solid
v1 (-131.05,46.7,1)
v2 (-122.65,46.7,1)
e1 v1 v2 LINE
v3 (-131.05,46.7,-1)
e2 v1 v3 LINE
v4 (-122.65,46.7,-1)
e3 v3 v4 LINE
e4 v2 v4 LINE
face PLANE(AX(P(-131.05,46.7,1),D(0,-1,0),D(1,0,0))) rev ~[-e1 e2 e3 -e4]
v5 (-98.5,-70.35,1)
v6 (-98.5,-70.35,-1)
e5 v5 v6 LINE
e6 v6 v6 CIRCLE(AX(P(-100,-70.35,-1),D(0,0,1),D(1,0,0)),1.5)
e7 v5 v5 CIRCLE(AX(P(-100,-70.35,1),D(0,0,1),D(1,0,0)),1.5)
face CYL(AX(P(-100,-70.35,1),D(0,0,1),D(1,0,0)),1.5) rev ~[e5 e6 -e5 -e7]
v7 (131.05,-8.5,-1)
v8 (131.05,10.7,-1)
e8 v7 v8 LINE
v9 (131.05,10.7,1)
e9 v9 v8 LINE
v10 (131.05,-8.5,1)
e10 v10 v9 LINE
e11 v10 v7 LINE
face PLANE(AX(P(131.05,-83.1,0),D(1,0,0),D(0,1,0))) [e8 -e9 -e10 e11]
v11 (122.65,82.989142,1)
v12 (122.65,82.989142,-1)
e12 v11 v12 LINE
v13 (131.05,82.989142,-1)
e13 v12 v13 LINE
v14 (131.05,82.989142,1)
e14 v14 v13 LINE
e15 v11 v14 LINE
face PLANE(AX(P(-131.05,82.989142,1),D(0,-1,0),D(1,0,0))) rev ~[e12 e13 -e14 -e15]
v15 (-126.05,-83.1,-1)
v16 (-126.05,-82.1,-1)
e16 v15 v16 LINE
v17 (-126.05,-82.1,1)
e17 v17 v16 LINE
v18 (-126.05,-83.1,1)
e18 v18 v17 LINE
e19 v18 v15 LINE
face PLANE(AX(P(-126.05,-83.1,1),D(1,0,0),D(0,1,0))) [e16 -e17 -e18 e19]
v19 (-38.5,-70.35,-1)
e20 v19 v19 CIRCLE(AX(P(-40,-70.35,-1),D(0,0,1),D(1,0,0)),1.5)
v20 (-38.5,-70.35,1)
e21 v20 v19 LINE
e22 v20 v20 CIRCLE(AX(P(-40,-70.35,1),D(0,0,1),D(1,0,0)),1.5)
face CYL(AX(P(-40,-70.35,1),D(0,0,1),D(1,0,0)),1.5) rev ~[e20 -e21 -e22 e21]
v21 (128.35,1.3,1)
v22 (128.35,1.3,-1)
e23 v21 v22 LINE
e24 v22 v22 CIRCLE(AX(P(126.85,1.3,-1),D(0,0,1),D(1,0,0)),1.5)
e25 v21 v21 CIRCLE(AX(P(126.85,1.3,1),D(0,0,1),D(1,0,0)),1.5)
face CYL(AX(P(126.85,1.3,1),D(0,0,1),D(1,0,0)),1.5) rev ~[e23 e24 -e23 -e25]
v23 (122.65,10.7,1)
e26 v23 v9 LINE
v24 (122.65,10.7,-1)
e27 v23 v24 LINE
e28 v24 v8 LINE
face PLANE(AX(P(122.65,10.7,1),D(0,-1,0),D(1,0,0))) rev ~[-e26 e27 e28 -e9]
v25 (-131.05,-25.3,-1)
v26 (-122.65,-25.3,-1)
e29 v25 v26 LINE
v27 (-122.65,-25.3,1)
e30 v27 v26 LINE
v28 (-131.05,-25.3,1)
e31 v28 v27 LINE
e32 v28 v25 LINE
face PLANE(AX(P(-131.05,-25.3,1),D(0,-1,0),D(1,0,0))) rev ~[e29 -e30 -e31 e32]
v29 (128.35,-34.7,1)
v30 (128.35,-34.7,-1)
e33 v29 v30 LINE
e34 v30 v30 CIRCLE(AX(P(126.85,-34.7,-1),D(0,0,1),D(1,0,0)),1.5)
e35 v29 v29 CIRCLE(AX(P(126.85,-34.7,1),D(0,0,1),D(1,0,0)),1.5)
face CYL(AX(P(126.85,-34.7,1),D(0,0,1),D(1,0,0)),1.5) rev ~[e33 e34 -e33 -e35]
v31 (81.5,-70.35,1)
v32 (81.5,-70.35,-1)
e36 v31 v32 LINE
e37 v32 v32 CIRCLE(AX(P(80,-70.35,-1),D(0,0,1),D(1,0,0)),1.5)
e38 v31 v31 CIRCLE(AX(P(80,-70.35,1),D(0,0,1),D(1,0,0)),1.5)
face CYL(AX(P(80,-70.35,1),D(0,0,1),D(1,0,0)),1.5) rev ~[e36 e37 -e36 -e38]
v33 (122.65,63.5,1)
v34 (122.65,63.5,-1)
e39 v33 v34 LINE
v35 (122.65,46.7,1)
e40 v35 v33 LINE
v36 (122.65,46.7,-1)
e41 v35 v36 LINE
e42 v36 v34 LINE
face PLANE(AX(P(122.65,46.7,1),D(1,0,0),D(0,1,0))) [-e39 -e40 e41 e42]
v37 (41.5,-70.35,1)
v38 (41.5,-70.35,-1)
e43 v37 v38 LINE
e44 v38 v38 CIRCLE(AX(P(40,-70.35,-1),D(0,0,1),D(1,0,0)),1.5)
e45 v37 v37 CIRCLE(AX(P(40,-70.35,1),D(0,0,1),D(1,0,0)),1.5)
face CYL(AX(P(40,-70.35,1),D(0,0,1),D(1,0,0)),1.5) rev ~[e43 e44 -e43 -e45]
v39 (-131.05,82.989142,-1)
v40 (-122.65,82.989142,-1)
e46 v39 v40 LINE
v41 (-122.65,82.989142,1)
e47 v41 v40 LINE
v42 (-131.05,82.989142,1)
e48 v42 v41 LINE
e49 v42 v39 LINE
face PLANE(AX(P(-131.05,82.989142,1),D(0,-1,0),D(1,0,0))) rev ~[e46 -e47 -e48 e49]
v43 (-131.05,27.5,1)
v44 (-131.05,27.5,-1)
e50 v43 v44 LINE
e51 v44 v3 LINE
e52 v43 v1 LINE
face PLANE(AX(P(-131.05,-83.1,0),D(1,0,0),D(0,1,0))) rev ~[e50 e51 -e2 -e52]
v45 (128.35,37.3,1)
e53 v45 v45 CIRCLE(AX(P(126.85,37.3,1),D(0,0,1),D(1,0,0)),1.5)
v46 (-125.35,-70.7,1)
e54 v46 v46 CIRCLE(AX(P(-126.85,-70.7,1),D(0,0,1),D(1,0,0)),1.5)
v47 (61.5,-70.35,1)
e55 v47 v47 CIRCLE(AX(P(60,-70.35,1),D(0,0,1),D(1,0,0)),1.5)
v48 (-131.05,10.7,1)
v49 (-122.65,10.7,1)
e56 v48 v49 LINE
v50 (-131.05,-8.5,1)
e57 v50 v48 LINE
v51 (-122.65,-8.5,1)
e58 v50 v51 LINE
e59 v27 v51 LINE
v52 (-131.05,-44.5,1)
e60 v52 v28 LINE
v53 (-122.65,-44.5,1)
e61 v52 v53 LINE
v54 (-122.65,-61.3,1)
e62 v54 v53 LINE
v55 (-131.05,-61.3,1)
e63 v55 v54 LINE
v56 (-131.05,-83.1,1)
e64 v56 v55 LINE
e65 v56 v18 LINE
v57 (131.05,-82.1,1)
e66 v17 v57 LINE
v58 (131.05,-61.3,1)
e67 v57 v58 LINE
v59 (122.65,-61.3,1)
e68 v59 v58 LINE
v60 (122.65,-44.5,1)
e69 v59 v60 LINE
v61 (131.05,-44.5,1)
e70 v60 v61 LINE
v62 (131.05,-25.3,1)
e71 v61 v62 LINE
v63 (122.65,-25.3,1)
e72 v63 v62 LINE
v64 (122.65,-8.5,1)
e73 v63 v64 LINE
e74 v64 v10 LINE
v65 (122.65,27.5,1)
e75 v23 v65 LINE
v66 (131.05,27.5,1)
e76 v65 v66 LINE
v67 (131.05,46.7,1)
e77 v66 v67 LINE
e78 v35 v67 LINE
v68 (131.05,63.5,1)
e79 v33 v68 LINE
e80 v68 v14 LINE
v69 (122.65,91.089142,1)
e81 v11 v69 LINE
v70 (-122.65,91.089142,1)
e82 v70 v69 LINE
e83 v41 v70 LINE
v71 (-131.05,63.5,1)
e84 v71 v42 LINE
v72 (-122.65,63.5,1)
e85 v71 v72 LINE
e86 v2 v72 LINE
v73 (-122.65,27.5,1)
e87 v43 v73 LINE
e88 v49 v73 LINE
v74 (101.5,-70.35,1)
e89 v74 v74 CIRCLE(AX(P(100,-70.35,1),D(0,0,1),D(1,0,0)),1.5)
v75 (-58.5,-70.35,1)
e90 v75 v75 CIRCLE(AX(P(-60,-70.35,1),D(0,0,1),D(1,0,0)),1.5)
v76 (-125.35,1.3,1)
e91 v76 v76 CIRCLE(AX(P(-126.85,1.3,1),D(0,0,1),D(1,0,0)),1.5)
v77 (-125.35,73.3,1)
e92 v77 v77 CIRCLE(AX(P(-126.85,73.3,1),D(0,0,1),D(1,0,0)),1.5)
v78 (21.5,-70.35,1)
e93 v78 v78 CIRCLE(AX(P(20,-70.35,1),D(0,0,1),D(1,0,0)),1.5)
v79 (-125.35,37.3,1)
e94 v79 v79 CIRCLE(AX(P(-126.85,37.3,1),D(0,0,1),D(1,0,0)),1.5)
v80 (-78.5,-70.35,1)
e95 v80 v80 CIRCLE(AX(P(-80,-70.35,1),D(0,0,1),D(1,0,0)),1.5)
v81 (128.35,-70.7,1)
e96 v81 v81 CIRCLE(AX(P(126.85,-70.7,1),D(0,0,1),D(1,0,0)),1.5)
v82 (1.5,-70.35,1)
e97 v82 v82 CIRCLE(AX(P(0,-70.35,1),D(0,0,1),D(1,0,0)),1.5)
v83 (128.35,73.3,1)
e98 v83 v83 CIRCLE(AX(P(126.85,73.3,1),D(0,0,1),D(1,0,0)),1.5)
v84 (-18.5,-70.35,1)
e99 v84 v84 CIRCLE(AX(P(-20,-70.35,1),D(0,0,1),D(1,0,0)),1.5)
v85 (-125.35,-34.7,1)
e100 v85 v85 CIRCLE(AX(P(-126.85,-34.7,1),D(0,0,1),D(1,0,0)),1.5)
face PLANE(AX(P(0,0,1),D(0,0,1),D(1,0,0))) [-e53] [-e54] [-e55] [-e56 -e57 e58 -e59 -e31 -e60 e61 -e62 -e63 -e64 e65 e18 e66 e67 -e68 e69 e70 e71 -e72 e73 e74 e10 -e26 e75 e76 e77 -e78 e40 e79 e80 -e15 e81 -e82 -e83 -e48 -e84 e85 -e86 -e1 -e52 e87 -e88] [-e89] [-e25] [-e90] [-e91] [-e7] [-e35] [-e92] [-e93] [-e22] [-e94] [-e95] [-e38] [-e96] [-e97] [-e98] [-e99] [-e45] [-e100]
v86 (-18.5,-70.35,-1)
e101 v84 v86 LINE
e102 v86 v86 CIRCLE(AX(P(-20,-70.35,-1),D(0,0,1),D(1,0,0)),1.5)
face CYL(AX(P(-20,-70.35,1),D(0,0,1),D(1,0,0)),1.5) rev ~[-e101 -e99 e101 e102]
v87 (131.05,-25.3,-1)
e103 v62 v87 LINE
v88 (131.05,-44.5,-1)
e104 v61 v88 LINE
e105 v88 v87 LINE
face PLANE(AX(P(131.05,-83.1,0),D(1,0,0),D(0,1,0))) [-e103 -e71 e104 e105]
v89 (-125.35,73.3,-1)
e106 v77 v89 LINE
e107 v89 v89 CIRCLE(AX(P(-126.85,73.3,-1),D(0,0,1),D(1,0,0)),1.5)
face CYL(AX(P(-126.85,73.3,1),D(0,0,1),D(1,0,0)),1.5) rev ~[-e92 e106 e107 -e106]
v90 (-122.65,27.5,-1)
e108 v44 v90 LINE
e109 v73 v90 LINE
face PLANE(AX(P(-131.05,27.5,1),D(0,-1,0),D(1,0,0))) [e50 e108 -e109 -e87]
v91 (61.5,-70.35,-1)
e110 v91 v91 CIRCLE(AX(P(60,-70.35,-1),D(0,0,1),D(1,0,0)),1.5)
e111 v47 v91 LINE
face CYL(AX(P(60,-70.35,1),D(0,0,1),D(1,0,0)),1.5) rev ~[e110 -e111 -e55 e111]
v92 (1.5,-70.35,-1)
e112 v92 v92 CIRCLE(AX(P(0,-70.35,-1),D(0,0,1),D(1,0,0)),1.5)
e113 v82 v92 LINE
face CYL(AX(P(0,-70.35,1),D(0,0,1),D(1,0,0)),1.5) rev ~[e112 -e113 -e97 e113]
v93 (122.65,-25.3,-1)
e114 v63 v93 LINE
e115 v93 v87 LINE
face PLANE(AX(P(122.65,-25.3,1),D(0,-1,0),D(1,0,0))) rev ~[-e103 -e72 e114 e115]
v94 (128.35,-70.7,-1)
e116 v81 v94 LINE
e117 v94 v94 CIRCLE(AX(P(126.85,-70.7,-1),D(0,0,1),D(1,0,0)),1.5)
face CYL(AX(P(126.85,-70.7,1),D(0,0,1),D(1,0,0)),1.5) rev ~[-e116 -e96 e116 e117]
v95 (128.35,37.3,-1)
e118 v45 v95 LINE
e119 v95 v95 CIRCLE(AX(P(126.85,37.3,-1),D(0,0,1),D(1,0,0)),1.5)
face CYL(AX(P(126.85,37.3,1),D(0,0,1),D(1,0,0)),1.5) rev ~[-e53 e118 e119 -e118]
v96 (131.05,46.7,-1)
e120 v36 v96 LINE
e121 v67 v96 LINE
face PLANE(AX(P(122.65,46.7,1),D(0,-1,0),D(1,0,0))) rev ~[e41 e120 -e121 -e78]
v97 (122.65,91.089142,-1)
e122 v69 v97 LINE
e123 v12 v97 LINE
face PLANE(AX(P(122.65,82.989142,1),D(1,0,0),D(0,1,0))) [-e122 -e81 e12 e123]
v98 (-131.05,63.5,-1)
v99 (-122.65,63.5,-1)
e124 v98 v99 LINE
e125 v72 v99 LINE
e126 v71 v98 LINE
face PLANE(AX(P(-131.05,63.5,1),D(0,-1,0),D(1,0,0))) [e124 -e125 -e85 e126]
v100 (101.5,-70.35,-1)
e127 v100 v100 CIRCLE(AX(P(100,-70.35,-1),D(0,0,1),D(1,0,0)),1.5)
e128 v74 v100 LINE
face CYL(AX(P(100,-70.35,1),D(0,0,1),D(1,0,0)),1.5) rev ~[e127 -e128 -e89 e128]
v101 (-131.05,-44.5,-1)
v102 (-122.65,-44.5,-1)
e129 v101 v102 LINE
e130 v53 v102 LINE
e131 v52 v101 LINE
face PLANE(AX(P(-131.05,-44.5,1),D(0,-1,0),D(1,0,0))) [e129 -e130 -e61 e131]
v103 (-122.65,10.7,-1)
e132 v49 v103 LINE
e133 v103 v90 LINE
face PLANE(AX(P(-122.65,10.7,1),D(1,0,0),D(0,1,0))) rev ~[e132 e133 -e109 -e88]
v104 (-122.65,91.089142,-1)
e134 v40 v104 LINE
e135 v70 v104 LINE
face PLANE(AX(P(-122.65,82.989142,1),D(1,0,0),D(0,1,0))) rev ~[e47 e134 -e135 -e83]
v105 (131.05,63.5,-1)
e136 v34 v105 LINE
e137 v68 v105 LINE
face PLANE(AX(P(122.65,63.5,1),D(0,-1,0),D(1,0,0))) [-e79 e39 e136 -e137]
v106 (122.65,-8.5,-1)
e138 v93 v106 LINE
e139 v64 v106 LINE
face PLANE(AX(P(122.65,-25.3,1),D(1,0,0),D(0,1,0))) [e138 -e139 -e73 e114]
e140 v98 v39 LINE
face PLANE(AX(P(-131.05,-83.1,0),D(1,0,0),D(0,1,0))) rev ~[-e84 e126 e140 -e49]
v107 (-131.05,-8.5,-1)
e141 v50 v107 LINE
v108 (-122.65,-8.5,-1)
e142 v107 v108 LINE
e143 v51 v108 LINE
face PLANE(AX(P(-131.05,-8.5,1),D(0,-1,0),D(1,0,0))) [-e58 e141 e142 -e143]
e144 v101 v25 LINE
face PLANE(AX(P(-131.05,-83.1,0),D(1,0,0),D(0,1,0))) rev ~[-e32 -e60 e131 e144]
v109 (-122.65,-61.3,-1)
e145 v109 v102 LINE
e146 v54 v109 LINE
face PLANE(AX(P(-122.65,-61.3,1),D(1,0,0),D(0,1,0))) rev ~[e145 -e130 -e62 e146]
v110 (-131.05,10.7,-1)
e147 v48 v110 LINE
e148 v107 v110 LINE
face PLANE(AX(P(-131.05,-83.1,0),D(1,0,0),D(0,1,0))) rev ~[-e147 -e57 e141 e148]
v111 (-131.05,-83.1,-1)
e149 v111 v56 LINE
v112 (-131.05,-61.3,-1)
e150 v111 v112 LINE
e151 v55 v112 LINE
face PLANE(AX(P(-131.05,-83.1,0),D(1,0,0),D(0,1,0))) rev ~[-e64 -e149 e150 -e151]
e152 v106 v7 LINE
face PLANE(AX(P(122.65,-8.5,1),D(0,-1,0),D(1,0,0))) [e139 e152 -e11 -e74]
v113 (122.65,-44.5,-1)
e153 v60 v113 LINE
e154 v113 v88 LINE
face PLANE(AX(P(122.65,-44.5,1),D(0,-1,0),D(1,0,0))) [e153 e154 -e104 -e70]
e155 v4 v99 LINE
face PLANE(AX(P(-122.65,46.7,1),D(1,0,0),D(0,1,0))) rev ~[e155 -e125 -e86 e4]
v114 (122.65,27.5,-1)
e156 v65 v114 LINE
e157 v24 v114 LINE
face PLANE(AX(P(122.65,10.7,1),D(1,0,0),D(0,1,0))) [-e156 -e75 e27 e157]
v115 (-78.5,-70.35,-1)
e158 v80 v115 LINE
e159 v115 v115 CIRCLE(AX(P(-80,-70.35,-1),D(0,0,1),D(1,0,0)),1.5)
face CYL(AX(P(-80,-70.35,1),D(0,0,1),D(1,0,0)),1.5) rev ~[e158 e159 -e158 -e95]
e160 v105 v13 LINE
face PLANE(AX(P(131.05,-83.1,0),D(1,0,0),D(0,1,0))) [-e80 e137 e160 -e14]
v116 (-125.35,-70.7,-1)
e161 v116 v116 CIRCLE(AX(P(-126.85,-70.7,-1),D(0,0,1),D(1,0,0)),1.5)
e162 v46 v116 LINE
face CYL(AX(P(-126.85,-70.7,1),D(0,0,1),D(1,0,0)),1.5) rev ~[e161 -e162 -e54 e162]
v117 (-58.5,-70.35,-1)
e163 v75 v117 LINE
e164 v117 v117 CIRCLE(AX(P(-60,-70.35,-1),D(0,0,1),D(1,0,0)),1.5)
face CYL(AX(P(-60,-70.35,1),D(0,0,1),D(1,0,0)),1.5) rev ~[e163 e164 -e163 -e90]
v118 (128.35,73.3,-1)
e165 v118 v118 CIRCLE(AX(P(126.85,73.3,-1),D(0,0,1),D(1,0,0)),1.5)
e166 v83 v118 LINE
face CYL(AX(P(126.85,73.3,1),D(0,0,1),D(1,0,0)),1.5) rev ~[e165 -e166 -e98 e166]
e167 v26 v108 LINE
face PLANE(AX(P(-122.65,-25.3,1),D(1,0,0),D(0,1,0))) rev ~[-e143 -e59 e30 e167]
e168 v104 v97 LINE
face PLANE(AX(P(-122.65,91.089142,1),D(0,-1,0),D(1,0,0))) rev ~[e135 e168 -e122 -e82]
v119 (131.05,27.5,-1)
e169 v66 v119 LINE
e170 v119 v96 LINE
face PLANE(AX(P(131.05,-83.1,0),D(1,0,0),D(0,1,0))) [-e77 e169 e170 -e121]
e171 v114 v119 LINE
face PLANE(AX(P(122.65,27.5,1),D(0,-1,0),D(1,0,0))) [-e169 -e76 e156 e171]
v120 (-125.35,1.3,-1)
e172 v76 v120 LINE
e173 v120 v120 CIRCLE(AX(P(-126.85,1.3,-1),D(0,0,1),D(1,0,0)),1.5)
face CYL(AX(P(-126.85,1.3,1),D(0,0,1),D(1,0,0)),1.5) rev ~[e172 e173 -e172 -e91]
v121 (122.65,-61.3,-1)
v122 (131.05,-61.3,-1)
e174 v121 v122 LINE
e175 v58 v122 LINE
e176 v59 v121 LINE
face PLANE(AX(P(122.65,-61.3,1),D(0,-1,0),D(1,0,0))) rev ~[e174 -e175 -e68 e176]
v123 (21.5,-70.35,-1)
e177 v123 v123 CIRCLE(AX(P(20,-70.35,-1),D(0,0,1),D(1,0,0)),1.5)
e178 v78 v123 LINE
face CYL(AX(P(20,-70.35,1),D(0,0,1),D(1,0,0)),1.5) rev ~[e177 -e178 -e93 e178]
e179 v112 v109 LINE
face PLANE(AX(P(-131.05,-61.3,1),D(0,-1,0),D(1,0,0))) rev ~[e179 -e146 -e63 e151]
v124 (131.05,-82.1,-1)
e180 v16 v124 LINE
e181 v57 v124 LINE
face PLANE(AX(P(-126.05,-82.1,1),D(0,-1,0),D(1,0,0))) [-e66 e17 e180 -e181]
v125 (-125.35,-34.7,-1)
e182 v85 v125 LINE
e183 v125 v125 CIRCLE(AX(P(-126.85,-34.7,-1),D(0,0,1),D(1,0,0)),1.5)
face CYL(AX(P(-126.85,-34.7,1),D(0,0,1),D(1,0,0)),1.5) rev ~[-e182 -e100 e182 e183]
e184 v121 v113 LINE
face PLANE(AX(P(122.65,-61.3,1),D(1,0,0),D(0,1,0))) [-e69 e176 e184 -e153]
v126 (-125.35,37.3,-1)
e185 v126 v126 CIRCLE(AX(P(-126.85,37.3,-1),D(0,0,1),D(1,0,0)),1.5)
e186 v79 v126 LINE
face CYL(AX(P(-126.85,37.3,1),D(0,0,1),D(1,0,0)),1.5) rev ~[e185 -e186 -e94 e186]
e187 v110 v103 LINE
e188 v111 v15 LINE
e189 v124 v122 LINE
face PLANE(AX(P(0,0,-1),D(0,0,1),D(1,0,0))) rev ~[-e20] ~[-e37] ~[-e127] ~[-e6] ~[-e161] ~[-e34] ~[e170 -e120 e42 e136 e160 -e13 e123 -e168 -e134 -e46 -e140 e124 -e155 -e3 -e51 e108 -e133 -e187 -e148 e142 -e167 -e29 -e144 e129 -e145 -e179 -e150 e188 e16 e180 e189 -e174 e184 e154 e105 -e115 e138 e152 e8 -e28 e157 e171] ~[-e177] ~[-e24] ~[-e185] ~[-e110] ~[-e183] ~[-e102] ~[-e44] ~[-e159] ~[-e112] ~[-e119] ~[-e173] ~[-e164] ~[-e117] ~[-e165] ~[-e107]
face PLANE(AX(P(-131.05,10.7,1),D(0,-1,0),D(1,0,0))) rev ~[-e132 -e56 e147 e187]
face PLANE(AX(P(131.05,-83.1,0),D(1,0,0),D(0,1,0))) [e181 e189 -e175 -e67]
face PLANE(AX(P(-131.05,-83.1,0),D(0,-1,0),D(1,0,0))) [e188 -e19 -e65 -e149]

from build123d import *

# Parameters (mm, degrees)
SKETCH_1_W          = 262.1
SKETCH_1_H          = 166.2
EXTRUDE_1_DEPTH     = 1
SKETCH_2_R          = 1.5
SKETCH_2_W          = 8.4
SKETCH_2_H          = 16.8
SKETCH_2_W_2        = 262.1
SKETCH_2_H_2        = 0.2
SKETCH_2_W_3        = 257.1
SKETCH_2_H_3        = 1
CUT_EXTRUDE1_DEPTH  = 10
SKETCH1_R           = 1.5
CUT_EXTRUDE2_DEPTH  = 10
SKETCH2_W           = 245.3
SKETCH2_H           = 8.1
BOSS_EXTRUDE1_DEPTH = 2


with BuildPart() as part:
    # 草图1 → 凸台-拉伸1 (new, symmetric)
    with BuildSketch(Plane.XY):
        Rectangle(SKETCH_1_W, SKETCH_1_H)
    extrude(amount=EXTRUDE_1_DEPTH, both=True)

    # 草图2 → Cut-Extrude1 (cut)
    with BuildSketch(Plane.XY.offset(1)):
        with Locations((-126.85, 73.3)):
            Circle(SKETCH_2_R)
        with Locations((-126.85, 37.3)):
            Circle(SKETCH_2_R)
        with Locations((-126.85, 1.3)):
            Circle(SKETCH_2_R)
        with Locations((-126.85, -34.7)):
            Circle(SKETCH_2_R)
        with Locations((-126.85, -70.7)):
            Circle(SKETCH_2_R)
        with Locations((126.85, -70.7)):
            Circle(SKETCH_2_R)
        with Locations((126.85, -34.7)):
            Circle(SKETCH_2_R)
        with Locations((126.85, 1.3)):
            Circle(SKETCH_2_R)
        with Locations((126.85, 37.3)):
            Circle(SKETCH_2_R)
        with Locations((126.85, 73.3)):
            Circle(SKETCH_2_R)
        with Locations((-126.85, 55.1)):
            Rectangle(SKETCH_2_W, SKETCH_2_H)
        with Locations((-126.85, 19.1)):
            Rectangle(SKETCH_2_W, SKETCH_2_H)
        with Locations((-126.85, -16.9)):
            Rectangle(SKETCH_2_W, SKETCH_2_H)
        with Locations((-126.85, -52.9)):
            Rectangle(SKETCH_2_W, SKETCH_2_H)
        with Locations((126.85, -52.9)):
            Rectangle(SKETCH_2_W, SKETCH_2_H)
        with Locations((126.85, -16.9)):
            Rectangle(SKETCH_2_W, SKETCH_2_H)
        with Locations((126.85, 19.1)):
            Rectangle(SKETCH_2_W, SKETCH_2_H)
        with Locations((126.85, 55.1)):
            Rectangle(SKETCH_2_W, SKETCH_2_H)
        with Locations((0, 83.089141708)):
            Rectangle(SKETCH_2_W_2, SKETCH_2_H_2)
        with Locations((2.5, -82.6)):
            Rectangle(SKETCH_2_W_3, SKETCH_2_H_3)
    extrude(amount=-CUT_EXTRUDE1_DEPTH, mode=Mode.SUBTRACT)

    # Sketch1 → Cut-Extrude2 (cut)
    with BuildSketch(Plane.XY.offset(1)):
        with Locations((100, -70.35)):
            Circle(SKETCH1_R)
        with Locations((80, -70.35)):
            Circle(SKETCH1_R)
        with Locations((60, -70.35)):
            Circle(SKETCH1_R)
        with Locations((40, -70.35)):
            Circle(SKETCH1_R)
        with Locations((20, -70.35)):
            Circle(SKETCH1_R)
        with Locations((0, -70.35)):
            Circle(SKETCH1_R)
        with Locations((-20, -70.35)):
            Circle(SKETCH1_R)
        with Locations((-40, -70.35)):
            Circle(SKETCH1_R)
        with Locations((-60, -70.35)):
            Circle(SKETCH1_R)
        with Locations((-80, -70.35)):
            Circle(SKETCH1_R)
        with Locations((-100, -70.35)):
            Circle(SKETCH1_R)
    extrude(amount=-CUT_EXTRUDE2_DEPTH, mode=Mode.SUBTRACT)

    # Sketch2 → Boss-Extrude1 (add)
    with BuildSketch(Plane.XY.offset(1)):
        with Locations((0, 87.039141708)):
            Rectangle(SKETCH2_W, SKETCH2_H)
    extrude(amount=-BOSS_EXTRUDE1_DEPTH)


solid = part.part
